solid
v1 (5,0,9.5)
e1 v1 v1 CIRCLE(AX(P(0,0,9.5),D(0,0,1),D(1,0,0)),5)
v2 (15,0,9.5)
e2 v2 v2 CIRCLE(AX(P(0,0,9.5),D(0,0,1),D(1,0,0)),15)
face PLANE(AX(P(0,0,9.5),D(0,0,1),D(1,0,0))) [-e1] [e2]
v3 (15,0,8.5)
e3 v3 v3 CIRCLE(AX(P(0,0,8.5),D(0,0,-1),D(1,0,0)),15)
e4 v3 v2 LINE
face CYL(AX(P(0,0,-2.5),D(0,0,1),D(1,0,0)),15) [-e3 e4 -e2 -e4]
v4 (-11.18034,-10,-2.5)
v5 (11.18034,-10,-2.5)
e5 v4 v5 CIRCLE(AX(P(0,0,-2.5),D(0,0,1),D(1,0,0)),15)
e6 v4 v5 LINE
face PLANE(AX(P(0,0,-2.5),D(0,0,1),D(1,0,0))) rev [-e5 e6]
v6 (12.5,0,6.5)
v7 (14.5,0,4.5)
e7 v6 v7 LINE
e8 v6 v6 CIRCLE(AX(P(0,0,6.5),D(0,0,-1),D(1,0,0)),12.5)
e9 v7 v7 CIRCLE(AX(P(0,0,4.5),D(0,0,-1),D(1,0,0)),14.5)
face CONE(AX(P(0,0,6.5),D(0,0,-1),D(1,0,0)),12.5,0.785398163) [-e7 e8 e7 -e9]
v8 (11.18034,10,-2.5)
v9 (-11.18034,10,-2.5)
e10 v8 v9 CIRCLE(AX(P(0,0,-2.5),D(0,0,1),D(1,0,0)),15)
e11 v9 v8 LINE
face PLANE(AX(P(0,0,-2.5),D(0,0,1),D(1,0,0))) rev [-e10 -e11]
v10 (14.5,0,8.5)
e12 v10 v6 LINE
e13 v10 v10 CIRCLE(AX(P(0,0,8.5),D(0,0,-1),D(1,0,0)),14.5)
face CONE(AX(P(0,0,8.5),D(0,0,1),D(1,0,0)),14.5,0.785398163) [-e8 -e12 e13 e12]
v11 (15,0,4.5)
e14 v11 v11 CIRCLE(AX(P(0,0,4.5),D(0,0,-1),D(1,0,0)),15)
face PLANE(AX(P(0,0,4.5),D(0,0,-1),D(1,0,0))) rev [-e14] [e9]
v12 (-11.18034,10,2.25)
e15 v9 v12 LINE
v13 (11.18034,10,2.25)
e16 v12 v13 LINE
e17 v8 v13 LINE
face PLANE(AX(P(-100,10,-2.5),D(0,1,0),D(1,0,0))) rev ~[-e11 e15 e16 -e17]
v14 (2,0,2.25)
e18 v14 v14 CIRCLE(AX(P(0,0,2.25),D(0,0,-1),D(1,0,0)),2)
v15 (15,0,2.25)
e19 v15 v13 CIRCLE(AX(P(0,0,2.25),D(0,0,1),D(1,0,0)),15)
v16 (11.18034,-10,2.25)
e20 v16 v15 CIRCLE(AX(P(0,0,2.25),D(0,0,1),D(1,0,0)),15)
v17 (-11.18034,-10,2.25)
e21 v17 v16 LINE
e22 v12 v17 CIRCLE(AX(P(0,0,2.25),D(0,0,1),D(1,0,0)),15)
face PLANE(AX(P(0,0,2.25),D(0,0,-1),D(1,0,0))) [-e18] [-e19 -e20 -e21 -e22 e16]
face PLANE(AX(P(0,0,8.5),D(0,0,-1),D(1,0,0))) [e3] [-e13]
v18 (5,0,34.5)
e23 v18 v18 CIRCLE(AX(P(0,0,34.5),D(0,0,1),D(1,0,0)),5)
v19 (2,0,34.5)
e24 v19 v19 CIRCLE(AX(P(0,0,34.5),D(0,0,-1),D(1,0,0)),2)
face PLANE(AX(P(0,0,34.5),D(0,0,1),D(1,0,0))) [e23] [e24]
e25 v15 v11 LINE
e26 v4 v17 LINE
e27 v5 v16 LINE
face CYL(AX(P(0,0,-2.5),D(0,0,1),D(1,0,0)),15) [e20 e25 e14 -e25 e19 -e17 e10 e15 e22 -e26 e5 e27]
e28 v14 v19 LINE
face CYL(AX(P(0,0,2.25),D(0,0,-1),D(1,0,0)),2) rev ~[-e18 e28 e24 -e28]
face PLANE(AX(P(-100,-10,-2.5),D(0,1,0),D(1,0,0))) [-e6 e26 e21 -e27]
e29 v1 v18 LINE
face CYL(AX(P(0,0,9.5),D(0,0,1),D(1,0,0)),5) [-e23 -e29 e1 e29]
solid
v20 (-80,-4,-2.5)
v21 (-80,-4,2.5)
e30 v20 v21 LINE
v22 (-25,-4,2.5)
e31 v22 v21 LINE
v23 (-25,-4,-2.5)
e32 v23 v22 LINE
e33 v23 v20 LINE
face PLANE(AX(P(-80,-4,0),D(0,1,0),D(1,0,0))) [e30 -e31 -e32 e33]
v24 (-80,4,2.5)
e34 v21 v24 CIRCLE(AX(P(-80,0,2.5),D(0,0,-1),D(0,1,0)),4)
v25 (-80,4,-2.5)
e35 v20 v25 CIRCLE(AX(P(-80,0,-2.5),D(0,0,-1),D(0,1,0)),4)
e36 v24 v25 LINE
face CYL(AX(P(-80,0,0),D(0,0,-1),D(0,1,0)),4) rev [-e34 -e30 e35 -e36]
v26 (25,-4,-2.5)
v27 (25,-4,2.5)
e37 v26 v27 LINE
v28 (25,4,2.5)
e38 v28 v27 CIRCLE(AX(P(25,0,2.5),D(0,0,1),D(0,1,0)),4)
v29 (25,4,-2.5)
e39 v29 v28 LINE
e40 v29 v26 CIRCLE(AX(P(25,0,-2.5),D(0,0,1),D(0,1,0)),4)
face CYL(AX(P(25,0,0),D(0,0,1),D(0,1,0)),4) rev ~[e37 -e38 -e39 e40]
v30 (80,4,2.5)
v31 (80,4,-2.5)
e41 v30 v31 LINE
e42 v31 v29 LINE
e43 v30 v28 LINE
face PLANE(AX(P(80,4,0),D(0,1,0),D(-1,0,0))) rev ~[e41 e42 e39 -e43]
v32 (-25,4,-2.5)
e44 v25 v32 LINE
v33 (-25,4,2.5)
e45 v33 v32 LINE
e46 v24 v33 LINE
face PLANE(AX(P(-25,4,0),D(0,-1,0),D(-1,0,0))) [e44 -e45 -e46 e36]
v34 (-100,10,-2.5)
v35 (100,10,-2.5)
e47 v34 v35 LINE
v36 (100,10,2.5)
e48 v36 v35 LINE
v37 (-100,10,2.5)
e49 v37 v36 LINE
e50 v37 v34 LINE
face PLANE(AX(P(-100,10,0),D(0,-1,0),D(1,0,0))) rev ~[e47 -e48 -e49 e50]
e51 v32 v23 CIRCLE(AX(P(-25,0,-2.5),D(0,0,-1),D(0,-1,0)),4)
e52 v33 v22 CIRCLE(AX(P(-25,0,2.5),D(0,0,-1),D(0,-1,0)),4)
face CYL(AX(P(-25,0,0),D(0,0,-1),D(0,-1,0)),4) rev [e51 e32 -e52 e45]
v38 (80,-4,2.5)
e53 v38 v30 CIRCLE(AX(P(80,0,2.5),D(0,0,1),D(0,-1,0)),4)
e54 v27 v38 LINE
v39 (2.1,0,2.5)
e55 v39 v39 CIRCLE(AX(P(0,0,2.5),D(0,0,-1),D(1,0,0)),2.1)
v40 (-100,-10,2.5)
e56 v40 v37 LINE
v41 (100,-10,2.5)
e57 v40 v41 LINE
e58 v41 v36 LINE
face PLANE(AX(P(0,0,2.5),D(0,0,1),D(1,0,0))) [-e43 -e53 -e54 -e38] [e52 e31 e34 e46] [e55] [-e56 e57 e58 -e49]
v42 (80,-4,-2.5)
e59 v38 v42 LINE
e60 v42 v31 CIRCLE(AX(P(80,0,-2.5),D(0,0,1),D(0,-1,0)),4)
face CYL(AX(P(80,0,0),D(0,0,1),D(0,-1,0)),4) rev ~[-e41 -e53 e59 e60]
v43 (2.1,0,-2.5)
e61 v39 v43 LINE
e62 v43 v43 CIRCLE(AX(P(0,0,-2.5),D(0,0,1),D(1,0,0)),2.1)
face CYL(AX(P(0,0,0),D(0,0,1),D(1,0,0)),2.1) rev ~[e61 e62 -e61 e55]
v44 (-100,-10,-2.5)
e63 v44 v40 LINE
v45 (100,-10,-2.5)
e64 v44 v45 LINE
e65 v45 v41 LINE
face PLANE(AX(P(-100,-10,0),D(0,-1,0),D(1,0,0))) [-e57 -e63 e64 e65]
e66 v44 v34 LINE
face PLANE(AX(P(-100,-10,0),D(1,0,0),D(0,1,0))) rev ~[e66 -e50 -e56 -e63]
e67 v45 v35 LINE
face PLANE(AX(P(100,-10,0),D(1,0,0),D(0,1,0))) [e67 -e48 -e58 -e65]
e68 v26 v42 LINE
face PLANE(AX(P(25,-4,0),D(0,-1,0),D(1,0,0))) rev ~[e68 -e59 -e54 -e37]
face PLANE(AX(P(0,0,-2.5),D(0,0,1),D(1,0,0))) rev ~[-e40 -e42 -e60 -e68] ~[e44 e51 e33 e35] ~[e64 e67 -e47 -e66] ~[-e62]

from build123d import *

# Parameters (mm, degrees)
F0_W          = 200
F0_H          = 20
F1_DEPTH      = 2.5
F2_R          = 2.1
F3_DEPTH      = 2.501
F3_DEPTH_BACK = 2.501
F5_DEPTH      = 12.5
F10_W         = 200
F10_H         = 20
F11_DEPTH     = 4.75
F12_R         = 2
F13_DEPTH     = 32.251


with BuildPart() as f1:
    # F0 (on Top) → F1 (new body, symmetric)
    with BuildSketch(Plane.XY):
        Rectangle(F0_W, F0_H)
    extrude(amount=F1_DEPTH, both=True)

    # F2 (on Top) → F3 (cut, two sides)
    with BuildSketch(Plane.XY) as f3_sk:
        Circle(F2_R)
    extrude(amount=F3_DEPTH, mode=Mode.SUBTRACT)
    extrude(f3_sk.sketch, amount=-F3_DEPTH_BACK, mode=Mode.SUBTRACT)

    # F4 (on Top) → F5 (cut, symmetric)
    with BuildSketch(Plane.XY):
        with BuildLine():
            ThreePointArc((-80, 4), (-84, 0), (-80, -4))
            Line((-80, -4), (-25, -4))
            ThreePointArc((-25, -4), (-21, 0), (-25, 4))
            Line((-25, 4), (-80, 4))
        make_face()
        with BuildLine():
            Line((80, 4), (25, 4))
            ThreePointArc((25, 4), (21, 0), (25, -4))
            Line((25, -4), (80, -4))
            ThreePointArc((80, -4), (84, 0), (80, 4))
        make_face()
    extrude(amount=F5_DEPTH, both=True, mode=Mode.SUBTRACT)


with BuildPart() as f7:
    # F6 (on Front) → F7 (revolve)
    with BuildSketch(Plane.XZ):
        Polygon((0, 34.5), (0, -2.5), (15, -2.5), (15, 9.5), (5, 9.5), (5, 34.5), align=None)
    revolve(axis=Axis((0, 0, 18.5031344495), (0, 0, 1)))

    # F8 (on Front) → F9 (revolve, cut)
    with BuildSketch(Plane.XZ):
        Polygon((15, 4.5), (15, 8.5), (14.5, 8.5), (12.5, 6.5), (14.5, 4.5), align=None)
    revolve(axis=Axis((0, 0, 16), (0, 0, -1)), mode=Mode.SUBTRACT)

    # F10 (on face) → F11 (cut)
    with BuildSketch(Plane(origin=(0, 0, -2.5), x_dir=(1, 0, 0), z_dir=(0, 0, -1))):
        Rectangle(F10_W, F10_H)
    extrude(amount=-F11_DEPTH, mode=Mode.SUBTRACT)

    # F12 (on face) → F13 (cut, through all)
    with BuildSketch(Plane(origin=(0, 0, 2.25), x_dir=(1, 0, 0), z_dir=(0, 0, -1))):
        Circle(F12_R)
    extrude(amount=-F13_DEPTH, mode=Mode.SUBTRACT)


solid = Compound([f1.part, f7.part])
